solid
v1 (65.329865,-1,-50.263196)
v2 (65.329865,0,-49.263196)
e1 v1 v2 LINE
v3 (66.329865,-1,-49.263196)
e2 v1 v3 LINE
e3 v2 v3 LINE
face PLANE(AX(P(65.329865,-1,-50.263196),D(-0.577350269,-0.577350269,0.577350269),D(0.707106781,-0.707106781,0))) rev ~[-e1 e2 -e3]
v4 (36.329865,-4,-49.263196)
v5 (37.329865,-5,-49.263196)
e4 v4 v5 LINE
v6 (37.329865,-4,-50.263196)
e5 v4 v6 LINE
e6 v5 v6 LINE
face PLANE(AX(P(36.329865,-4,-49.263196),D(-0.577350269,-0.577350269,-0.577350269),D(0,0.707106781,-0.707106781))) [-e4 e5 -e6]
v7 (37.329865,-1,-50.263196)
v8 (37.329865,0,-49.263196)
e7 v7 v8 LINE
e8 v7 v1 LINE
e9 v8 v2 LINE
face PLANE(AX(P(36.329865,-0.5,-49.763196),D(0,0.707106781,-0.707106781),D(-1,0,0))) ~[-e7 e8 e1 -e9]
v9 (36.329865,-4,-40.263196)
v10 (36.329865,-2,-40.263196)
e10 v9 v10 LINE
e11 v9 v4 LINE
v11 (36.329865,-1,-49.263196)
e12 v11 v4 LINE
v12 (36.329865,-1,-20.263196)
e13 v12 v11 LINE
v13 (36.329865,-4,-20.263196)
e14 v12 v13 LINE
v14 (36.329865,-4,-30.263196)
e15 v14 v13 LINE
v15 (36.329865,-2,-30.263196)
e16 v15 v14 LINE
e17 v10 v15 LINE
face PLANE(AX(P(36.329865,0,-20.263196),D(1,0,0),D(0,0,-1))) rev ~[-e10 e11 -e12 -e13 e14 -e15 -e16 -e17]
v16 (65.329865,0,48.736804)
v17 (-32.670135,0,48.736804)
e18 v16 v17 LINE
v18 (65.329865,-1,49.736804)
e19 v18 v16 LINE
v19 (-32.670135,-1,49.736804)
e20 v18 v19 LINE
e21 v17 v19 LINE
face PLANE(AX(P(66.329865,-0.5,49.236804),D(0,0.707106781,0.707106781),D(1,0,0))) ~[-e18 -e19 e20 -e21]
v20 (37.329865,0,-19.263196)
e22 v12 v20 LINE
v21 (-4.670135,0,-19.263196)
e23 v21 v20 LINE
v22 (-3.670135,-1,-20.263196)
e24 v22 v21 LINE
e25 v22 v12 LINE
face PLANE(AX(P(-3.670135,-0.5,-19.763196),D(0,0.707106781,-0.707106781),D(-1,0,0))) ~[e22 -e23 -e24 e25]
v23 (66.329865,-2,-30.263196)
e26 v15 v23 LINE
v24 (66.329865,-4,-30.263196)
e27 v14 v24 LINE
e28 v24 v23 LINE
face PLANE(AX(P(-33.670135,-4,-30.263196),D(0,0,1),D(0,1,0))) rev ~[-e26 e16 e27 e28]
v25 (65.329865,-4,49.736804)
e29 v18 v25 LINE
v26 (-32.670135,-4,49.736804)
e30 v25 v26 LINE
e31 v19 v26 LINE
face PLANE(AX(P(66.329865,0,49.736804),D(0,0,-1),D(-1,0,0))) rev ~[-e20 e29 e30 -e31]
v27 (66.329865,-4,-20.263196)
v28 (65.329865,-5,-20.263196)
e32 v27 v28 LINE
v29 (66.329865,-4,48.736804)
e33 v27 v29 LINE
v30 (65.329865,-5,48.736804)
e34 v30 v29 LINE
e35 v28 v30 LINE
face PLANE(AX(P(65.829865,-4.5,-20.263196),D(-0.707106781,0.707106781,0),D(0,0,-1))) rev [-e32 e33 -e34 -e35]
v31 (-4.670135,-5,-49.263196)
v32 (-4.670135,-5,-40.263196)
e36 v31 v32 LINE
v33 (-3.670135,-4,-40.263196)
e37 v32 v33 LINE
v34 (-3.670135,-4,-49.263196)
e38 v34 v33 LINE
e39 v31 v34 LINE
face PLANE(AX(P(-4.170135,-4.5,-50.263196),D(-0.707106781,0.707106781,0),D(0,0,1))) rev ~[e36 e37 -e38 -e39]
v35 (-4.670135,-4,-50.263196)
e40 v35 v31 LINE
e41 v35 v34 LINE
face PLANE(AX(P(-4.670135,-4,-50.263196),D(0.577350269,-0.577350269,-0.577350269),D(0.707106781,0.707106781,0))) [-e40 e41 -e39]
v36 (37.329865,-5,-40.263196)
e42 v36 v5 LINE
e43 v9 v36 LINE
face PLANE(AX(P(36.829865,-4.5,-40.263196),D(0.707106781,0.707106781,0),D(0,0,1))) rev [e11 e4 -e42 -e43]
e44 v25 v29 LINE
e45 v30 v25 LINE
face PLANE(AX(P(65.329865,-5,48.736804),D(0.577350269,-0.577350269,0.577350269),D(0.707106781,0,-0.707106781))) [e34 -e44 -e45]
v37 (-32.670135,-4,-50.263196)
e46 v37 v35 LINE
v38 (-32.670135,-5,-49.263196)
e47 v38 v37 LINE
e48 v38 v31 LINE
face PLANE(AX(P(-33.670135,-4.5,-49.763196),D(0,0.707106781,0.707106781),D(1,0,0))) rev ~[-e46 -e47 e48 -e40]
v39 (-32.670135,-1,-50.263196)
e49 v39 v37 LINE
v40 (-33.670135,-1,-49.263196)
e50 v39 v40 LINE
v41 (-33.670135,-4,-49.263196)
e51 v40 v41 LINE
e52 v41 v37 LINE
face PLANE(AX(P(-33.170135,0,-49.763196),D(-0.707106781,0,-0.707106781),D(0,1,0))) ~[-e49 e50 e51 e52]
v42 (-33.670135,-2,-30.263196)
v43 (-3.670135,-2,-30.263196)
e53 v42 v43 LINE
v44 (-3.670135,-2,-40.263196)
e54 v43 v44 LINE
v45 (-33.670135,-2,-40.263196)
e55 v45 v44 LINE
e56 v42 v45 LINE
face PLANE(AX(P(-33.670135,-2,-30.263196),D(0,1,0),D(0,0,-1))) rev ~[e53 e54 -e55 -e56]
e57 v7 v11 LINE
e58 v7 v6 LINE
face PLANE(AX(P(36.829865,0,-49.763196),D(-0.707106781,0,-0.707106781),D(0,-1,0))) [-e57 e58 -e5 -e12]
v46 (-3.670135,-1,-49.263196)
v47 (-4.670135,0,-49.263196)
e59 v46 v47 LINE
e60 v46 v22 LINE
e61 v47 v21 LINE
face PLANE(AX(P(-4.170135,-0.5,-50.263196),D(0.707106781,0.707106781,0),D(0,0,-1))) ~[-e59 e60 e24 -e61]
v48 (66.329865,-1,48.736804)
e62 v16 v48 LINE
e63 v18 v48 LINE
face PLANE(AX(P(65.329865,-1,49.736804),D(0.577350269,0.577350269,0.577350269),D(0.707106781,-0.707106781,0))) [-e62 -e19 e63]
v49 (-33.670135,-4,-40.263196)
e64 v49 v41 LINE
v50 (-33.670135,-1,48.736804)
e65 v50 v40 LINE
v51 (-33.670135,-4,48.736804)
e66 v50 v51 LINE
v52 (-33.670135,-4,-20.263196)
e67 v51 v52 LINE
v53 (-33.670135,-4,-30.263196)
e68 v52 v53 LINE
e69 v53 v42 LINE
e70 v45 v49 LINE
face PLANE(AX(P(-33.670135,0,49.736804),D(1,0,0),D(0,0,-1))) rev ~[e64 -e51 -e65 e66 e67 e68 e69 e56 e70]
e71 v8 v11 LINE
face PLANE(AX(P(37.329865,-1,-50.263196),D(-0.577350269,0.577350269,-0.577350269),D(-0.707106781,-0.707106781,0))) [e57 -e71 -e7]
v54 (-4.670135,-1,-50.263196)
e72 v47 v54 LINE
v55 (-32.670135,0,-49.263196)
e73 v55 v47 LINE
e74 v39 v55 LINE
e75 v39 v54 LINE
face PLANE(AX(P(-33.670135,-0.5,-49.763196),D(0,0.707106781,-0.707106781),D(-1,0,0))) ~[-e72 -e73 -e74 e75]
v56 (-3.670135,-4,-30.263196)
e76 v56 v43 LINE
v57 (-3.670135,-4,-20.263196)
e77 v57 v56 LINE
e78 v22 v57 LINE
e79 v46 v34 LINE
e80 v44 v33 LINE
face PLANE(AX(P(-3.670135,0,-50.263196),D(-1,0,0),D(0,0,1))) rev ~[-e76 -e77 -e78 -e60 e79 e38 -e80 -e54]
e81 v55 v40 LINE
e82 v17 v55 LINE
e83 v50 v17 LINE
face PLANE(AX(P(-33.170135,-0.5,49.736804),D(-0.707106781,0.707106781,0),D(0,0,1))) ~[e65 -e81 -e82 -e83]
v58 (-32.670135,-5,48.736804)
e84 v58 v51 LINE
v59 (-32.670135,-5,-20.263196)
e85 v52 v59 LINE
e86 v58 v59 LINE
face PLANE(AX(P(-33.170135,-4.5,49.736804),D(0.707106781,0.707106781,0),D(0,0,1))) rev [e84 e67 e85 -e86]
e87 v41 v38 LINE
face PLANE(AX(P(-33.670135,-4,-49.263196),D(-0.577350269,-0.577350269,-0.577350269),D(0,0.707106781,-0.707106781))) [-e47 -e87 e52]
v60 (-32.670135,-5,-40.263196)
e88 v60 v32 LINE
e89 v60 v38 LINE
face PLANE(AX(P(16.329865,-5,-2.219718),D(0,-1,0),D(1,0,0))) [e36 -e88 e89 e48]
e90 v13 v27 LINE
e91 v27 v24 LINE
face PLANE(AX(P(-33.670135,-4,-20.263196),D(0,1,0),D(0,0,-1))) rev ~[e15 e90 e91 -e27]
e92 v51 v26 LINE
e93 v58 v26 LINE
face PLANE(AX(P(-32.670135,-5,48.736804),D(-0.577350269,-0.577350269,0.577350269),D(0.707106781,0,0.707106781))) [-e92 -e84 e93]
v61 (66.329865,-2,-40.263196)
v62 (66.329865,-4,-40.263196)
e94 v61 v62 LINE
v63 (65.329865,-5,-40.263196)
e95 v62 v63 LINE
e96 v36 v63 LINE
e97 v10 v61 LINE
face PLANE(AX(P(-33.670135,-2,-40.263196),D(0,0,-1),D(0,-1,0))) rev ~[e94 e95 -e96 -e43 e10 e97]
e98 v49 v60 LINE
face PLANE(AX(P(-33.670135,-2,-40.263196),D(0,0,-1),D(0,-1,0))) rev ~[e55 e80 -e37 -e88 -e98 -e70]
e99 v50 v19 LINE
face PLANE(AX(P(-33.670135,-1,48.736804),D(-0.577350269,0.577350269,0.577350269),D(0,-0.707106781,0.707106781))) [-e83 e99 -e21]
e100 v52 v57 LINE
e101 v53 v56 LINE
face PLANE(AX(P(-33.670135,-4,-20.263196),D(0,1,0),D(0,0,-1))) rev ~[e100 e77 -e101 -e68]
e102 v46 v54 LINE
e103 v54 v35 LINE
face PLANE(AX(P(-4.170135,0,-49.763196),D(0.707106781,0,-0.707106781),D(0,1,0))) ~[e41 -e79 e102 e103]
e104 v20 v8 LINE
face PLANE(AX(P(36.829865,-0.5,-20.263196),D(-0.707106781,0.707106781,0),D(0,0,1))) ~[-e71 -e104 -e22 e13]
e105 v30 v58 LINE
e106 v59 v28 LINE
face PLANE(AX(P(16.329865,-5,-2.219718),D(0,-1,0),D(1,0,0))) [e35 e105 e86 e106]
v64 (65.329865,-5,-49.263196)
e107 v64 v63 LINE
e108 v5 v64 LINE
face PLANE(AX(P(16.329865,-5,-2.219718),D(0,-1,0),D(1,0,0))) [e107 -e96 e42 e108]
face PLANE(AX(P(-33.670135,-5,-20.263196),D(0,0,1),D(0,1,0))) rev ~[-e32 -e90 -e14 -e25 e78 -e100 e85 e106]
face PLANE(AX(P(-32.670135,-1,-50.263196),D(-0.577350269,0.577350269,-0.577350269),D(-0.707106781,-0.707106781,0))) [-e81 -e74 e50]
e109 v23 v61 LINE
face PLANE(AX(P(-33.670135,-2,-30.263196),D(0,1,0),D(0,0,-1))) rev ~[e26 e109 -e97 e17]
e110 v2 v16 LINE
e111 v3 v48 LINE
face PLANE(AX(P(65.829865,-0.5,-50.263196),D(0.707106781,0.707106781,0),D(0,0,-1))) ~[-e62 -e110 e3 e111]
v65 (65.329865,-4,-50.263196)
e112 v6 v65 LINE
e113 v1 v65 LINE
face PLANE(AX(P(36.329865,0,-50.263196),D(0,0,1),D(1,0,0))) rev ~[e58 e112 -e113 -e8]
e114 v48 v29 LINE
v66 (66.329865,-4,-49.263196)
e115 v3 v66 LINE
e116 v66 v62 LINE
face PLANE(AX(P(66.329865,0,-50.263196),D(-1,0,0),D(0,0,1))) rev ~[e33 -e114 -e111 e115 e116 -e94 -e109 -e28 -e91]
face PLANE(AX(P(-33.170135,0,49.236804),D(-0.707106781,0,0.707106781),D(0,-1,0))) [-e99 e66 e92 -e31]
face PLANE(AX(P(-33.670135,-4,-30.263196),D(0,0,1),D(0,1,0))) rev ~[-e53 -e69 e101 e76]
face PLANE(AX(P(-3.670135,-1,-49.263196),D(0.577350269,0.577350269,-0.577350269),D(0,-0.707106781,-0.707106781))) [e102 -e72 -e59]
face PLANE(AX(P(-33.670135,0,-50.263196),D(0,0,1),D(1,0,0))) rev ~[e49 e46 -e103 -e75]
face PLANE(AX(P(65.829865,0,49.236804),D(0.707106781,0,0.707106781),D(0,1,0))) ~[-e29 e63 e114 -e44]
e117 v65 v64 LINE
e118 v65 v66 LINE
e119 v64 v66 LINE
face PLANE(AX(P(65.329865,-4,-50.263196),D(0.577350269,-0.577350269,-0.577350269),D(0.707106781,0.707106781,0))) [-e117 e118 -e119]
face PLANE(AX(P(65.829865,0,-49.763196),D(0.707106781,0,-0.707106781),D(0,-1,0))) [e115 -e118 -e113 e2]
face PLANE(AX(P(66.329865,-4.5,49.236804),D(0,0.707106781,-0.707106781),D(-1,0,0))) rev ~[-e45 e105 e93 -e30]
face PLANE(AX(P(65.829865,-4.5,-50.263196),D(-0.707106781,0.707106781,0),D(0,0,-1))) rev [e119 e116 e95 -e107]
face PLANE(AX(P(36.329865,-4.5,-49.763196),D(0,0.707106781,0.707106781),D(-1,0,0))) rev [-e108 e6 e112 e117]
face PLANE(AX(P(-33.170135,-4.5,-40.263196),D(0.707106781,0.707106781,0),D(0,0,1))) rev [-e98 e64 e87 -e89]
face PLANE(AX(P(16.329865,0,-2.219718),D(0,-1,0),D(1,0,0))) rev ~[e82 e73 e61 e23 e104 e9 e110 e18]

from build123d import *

# Parameters (mm, degrees)
F1_DEPTH = 5
F3_DEPTH = 100
F4_SIZE  = 1


with BuildPart() as f1:
    # F0 (on Front) → F1 (new body)
    with BuildSketch(Plane.XZ):
        Polygon((66.3298651576, -50.2631962299), (66.3298651576, 49.7368037701), (-33.6701348424, 49.7368037701), (-33.6701348424, -50.2631962299), (-3.6701348424, -50.2631962299), (-3.6701348424, -20.2631962299), (16.3298651576, -20.2631962299), (36.3298651576, -20.2631962299), (36.3298651576, -50.2631962299), align=None)
    extrude(amount=F1_DEPTH)

    # F2 (on face) → F3 (cut)
    with BuildSketch(Plane(origin=(-33.6701348424, 0, 0), x_dir=(0, -1, 0), z_dir=(-1, 0, 0))):
        Polygon((2, -40.2631962299), (5, -40.2631962299), (5, -20.2631962299), (4, -20.2631962299), (4, -30.2631962299), (2, -30.2631962299), align=None)
    extrude(amount=-F3_DEPTH, mode=Mode.SUBTRACT)

    # F4
    f4_edges = [f1.edges().sort_by_distance(p)[0] for p in [
        (66.329865, 0, -0.263196),
        (16.329865, 0, 49.736804),
        (-33.670135, 0, -0.263196),
        (-18.670135, 0, -50.263196),
        (-3.670135, 0, -35.263196),
        (16.329865, 0, -20.263196),
        (36.329865, 0, -35.263196),
        (51.329865, 0, -50.263196),
        (66.329865, -5, -45.263196),
        (51.329865, -5, -50.263196),
        (36.329865, -5, -45.263196),
        (-3.670135, -5, -45.263196),
        (-18.670135, -5, -50.263196),
        (-33.670135, -5, -45.263196),
        (66.329865, -2.5, -50.263196),
        (36.329865, -2.5, -50.263196),
        (-3.670135, -2.5, -50.263196),
        (-33.670135, -2.5, -50.263196),
        (-33.670135, -2.5, 49.736804),
        (66.329865, -2.5, 49.736804),
        (-33.670135, -5, 14.736804),
        (16.329865, -5, 49.736804),
        (66.329865, -5, 14.736804),
    ]]
    chamfer(f4_edges, length=F4_SIZE)


solid = f1.part
